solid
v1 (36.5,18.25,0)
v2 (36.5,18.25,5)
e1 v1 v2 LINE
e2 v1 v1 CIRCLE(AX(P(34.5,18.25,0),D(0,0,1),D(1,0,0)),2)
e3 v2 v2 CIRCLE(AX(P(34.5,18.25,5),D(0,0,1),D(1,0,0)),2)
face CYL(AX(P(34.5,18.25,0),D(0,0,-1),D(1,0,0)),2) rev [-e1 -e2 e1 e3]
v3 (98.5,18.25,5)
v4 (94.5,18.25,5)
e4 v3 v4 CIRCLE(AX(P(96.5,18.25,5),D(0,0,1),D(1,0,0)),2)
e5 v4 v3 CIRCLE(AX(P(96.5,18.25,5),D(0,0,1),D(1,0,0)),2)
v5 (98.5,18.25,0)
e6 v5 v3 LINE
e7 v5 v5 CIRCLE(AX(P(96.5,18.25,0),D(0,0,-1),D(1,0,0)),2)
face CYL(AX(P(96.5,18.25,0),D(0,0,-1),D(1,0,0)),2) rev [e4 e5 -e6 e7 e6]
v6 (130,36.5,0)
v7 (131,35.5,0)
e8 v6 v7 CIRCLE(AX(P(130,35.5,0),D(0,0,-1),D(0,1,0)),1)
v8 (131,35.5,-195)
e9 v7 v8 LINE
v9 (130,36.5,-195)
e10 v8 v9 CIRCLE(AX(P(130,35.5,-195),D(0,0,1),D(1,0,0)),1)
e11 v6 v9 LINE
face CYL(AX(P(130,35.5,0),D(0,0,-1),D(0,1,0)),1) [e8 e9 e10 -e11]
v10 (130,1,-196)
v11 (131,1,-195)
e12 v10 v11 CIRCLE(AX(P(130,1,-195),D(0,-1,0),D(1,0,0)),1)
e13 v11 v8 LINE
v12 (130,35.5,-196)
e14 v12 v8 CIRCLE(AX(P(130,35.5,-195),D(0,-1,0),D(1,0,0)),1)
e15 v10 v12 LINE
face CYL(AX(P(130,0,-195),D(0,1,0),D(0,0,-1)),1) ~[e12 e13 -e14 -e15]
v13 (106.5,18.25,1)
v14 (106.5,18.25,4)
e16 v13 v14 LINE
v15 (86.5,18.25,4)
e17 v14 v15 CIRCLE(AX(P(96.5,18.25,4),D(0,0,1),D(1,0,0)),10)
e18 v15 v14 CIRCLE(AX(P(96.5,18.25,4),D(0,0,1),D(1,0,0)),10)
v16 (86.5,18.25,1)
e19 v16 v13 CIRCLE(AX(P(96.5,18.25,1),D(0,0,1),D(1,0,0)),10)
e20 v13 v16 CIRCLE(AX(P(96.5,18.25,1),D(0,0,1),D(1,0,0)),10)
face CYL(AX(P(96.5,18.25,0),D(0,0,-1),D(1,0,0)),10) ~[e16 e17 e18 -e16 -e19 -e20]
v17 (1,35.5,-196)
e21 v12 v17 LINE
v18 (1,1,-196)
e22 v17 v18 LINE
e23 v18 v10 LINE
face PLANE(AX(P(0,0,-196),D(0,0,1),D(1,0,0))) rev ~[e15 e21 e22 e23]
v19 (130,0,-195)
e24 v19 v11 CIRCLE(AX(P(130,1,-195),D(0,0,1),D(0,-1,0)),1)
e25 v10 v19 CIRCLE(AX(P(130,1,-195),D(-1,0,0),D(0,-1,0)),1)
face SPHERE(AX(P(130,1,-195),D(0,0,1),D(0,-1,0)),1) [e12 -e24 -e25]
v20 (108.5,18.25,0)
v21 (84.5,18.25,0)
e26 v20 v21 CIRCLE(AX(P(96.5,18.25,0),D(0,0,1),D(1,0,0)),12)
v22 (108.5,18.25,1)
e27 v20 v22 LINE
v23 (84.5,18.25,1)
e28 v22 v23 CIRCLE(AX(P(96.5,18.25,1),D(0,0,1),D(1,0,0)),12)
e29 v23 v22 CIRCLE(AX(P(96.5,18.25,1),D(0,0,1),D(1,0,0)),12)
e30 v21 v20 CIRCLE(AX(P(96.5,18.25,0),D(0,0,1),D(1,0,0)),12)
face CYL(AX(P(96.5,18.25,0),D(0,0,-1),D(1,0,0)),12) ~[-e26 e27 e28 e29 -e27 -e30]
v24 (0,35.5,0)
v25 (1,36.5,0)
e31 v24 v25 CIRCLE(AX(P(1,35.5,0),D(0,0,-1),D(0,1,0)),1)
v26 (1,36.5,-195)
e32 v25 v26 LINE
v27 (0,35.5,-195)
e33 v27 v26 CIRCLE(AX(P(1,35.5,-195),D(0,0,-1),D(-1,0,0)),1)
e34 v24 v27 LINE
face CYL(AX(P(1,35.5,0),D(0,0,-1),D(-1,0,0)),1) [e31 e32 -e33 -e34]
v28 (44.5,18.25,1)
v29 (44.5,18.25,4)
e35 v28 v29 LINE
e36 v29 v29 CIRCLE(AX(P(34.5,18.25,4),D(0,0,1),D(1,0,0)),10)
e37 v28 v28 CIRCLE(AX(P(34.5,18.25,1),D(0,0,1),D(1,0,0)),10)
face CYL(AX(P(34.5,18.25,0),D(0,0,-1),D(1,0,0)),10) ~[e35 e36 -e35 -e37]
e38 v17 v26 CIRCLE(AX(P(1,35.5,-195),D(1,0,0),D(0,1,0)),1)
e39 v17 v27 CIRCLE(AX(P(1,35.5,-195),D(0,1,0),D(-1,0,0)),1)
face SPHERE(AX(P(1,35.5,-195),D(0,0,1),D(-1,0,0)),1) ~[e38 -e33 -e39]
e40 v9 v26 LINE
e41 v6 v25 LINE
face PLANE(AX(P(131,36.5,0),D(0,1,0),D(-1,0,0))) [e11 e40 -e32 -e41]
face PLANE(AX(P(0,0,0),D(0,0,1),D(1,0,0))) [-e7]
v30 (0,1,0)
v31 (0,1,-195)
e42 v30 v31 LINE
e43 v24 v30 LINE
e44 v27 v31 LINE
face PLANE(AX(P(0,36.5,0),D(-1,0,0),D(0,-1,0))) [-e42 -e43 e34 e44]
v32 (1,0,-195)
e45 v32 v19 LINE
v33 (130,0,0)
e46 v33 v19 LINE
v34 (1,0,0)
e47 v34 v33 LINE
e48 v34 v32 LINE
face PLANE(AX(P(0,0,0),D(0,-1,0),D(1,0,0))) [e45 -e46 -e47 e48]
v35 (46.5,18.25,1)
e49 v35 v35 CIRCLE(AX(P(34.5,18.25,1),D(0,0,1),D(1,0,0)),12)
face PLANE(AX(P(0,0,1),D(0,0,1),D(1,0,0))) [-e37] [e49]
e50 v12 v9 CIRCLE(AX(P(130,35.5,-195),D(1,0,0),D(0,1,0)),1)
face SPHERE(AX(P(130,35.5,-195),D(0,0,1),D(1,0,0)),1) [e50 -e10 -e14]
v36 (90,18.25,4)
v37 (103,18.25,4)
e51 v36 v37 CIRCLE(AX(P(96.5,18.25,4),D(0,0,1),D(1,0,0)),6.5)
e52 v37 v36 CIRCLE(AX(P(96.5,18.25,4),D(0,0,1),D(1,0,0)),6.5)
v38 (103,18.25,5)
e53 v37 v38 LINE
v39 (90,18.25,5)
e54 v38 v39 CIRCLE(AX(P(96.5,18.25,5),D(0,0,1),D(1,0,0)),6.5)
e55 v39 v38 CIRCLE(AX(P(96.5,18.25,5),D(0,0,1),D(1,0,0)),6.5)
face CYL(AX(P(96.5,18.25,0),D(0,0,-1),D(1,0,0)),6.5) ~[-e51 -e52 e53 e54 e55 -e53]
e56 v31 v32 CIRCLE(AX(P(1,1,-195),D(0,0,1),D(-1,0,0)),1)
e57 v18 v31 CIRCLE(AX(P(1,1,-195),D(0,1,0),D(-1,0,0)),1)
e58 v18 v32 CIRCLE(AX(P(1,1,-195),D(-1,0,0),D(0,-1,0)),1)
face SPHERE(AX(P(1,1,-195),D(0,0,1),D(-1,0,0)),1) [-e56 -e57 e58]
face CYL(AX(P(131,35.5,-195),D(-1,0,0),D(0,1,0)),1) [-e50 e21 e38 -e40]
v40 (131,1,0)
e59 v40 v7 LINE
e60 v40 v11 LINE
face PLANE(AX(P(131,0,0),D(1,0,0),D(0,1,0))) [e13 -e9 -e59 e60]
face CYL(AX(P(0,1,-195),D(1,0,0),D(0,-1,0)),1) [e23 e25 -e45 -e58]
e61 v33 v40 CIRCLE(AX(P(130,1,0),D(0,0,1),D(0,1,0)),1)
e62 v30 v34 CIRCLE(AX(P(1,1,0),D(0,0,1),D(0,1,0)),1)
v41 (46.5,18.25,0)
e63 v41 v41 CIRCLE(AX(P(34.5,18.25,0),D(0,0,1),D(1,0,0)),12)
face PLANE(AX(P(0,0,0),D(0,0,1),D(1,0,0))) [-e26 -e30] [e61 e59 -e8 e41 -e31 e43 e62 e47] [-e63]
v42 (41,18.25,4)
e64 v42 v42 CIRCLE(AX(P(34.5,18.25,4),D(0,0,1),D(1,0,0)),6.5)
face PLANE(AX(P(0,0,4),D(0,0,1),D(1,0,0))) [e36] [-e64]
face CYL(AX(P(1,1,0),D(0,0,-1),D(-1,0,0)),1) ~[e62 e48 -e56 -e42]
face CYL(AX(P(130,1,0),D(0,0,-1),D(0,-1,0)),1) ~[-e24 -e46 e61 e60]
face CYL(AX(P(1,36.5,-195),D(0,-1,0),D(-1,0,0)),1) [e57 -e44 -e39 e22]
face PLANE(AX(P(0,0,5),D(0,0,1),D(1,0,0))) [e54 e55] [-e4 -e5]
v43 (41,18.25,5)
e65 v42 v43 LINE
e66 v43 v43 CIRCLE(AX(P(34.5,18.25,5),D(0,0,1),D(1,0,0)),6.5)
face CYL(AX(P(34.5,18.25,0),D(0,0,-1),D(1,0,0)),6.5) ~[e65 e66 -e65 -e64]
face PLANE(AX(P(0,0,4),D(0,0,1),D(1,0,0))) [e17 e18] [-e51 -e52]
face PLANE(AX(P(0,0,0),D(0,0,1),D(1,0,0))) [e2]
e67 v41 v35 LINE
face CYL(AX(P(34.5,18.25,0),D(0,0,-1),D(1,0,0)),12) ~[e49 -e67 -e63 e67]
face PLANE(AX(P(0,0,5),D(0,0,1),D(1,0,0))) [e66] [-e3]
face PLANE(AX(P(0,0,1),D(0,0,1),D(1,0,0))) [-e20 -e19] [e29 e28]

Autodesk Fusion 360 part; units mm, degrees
sketch "Sketch1" plane through (0, 0, 0) normal (0, 0, 1) x (1, 0, 0)
  line L0 (0, 0) -> (131, 0)
  line L1 (131, 0) -> (131, 36.5)
  line L2 (131, 36.5) -> (0, 36.5)
  line L3 (0, 36.5) -> (0, 0)
  line L4 (65.5, 18.25) -> (96.5, 18.25)
  line L5 (65.5, 18.25) -> (34.5, 18.25)
  circle A0 centre (34.5, 18.25) radius 12
  circle A1 centre (96.5, 18.25) radius 12
  circle A2 centre (34.5, 18.25) radius 10
  circle A3 centre (96.5, 18.25) radius 10
  circle A4 centre (34.5, 18.25) radius 6.5
  circle A5 centre (96.5, 18.25) radius 6.5
  circle A6 centre (34.5, 18.25) radius 2
  circle A7 centre (96.5, 18.25) radius 2
  dimension "d1" = 131
  dimension "d2" = 36.5
  dimension "d3" = 31
  dimension "d4" = 31
  dimension "d5" = 24
  dimension "d6" = 24
  dimension "d7" = 20
  dimension "d8" = 20
  dimension "d9" = 13
  dimension "d10" = 13
  dimension "d17" = 4
  dimension "d18" = 4
extrude "Extrude1" add sketch "Sketch1" against normal blind 196 contours L0 L1 L2 L3 | A7 | A5 | A3 | A1 | A6 | A4 | A2 | A0
extrude "Extrude2" add sketch "Sketch1" along normal blind 1 contours A1 | A0
extrude "Extrude3" add sketch "Sketch1" along normal blind 4 contours A3 | A2
extrude "Extrude4" add sketch "Sketch1" along normal blind 5 contours A5 | A4
fillet "Fillet1" radius 1 4 edges at (0, 0, -98) (131, 0, -98) (131, 36.5, -98) (0, 36.5, -98) 1 faces at (13.6667, 18.25, -196)
equation "d3 = ( 62 / 2 ) * 1 mm"
equation "d4 = ( 62 / 2 ) * 1 mm"
